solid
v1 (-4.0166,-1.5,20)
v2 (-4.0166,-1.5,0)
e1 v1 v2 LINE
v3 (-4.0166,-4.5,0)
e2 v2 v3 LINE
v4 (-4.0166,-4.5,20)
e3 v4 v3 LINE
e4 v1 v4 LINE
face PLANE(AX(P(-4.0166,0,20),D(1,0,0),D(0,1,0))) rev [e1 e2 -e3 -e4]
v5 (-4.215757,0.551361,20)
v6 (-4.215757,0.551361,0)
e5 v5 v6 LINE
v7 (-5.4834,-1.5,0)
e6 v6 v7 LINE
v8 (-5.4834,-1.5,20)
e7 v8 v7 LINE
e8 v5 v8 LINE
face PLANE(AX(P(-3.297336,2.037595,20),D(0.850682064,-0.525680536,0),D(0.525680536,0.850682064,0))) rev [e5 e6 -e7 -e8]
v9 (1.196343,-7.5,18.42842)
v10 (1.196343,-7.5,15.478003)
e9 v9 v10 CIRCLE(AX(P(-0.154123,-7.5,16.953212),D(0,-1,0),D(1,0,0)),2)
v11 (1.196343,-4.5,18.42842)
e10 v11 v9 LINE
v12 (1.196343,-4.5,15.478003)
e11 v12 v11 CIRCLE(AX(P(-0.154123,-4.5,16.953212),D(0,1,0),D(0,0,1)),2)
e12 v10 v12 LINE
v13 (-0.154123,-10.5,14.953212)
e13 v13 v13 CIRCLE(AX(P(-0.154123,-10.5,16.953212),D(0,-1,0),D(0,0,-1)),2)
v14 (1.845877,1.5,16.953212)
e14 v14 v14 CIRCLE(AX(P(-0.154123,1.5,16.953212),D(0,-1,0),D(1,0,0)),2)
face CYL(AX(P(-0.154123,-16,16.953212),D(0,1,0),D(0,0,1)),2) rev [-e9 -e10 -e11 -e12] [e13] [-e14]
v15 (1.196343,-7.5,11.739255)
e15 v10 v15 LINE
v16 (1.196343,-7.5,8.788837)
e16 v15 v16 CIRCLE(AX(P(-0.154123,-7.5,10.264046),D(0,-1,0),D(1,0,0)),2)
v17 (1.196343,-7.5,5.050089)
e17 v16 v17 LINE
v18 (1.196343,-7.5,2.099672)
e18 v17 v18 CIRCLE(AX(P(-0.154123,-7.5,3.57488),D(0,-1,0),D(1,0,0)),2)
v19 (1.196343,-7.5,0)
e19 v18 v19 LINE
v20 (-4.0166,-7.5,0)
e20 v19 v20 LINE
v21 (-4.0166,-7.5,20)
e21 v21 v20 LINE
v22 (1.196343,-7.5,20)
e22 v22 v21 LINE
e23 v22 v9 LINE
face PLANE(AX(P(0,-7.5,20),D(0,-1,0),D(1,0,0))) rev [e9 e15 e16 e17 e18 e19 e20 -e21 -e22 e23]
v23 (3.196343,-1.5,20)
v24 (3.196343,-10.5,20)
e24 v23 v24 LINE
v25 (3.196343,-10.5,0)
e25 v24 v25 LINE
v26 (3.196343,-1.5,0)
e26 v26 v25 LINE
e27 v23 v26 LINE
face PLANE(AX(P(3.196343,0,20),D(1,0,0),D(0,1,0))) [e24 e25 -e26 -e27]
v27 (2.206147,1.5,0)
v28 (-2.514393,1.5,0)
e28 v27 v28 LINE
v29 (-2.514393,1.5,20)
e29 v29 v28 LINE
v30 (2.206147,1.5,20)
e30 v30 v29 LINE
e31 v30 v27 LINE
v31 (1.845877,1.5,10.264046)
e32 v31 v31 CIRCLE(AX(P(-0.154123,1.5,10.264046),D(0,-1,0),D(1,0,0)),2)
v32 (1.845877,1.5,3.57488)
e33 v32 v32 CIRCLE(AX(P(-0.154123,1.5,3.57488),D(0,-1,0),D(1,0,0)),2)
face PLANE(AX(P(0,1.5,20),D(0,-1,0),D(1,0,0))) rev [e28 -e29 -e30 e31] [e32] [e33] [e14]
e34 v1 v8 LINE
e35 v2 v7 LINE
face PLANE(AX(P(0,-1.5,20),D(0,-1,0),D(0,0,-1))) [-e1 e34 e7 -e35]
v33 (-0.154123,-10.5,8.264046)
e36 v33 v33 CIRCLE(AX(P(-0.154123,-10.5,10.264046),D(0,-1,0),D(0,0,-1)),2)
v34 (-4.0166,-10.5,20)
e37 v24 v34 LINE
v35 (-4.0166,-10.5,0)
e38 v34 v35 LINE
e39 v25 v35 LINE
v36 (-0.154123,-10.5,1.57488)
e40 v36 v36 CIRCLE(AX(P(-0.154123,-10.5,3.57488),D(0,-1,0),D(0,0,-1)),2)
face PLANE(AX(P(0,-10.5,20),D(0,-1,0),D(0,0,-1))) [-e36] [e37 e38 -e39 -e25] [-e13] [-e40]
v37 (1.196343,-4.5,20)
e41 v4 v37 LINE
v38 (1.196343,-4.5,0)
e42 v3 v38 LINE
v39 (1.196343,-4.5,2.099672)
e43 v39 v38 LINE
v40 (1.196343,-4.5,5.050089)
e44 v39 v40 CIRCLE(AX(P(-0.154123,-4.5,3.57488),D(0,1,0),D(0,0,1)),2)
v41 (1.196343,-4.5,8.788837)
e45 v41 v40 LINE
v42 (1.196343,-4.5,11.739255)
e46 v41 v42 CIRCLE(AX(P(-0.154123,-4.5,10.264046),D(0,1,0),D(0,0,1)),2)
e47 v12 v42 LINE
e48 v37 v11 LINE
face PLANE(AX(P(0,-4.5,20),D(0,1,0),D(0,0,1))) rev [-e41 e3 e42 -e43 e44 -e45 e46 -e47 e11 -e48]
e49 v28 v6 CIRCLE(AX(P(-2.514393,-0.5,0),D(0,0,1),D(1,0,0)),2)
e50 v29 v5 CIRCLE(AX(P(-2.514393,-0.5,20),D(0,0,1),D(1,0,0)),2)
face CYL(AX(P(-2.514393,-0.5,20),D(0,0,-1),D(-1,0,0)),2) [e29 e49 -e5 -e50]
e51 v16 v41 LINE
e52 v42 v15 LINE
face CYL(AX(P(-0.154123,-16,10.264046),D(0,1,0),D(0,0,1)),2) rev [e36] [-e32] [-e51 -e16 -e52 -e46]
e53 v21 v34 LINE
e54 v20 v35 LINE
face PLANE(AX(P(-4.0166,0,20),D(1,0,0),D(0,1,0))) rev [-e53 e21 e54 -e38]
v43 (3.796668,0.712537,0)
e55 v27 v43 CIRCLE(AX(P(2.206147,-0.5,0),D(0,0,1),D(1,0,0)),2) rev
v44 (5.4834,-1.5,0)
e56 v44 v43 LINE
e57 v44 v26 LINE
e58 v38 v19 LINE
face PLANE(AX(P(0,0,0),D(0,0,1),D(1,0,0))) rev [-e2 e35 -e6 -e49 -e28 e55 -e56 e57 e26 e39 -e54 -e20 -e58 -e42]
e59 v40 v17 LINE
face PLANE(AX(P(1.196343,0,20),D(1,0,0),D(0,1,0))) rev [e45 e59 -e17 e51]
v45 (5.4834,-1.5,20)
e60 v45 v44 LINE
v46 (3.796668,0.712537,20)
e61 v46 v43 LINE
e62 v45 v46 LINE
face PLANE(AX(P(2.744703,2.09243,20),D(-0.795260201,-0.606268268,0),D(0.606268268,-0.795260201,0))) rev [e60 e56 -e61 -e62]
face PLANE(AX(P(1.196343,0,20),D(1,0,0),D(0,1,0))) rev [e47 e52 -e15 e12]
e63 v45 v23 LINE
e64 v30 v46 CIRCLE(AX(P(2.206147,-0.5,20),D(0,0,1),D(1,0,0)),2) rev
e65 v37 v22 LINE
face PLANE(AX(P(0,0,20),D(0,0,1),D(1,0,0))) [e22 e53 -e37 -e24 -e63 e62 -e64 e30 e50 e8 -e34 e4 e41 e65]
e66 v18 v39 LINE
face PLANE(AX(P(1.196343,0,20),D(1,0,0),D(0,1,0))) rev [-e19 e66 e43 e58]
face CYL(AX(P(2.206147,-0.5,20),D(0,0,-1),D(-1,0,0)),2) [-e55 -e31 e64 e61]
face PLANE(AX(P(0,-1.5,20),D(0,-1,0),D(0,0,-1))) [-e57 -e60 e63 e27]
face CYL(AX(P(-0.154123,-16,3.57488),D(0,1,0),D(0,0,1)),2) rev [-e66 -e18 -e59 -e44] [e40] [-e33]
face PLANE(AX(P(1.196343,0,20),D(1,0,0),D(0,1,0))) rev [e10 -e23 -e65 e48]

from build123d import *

# Parameters (mm, degrees)
RESSALTO_EXTRUS_O1_DEPTH   = 20
ESBO_O2_R                  = 2
CORTE_EXTRUS_O1_DEPTH      = 12
CORTE_EXTRUS_O1_DEPTH_BACK = 16


with BuildPart() as part:
    # Esboço1 → Ressalto-extrusão1 (new body)
    with BuildSketch(Plane.XY):
        with BuildLine():
            Line((3.196343382, -1.5), (3.583399622, -1.5))
            Line((3.583399622, -1.5), (5.483399622, -1.5))
            Line((5.483399622, -1.5), (3.796667791, 0.712536536))
            ThreePointArc((3.796667791, 0.712536536), (3.093538771, 1.292355025), (2.206147389, 1.5))
            Line((2.206147389, 1.5), (-2.51439317, 1.5))
            ThreePointArc((-2.51439317, 1.5), (-3.488374138, 1.24681455), (-4.215757297, 0.551361073))
            Line((-4.215757297, 0.551361073), (-5.483399622, -1.5))
            Line((-5.483399622, -1.5), (-4.016600378, -1.5))
            Line((-4.016600378, -1.5), (-4.016600378, -4.5))
            Line((-4.016600378, -4.5), (1.196343382, -4.5))
            Line((1.196343382, -4.5), (1.196343382, -7.5))
            Line((1.196343382, -7.5), (-4.016600378, -7.5))
            Line((-4.016600378, -7.5), (-4.016600378, -10.5))
            Line((-4.016600378, -10.5), (3.196343382, -10.5))
            Line((3.196343382, -10.5), (3.196343382, -7.5))
            Line((3.196343382, -7.5), (3.196343382, -4.5))
            Line((3.196343382, -4.5), (3.196343382, -1.5))
        make_face()
    extrude(amount=RESSALTO_EXTRUS_O1_DEPTH)

    # Esboço2 → Corte-extrusão1 (cut, two sides)
    with BuildSketch(Plane(origin=(0, 0, 0), x_dir=(1, 0, 0), z_dir=(0, 1, 0))) as corte_extrus_o1_sk:
        with Locations((-0.15412289, -3.574880423)):
            Circle(ESBO_O2_R)
        with Locations((-0.15412289, -10.26404601)):
            Circle(ESBO_O2_R)
        with Locations((-0.15412289, -16.953211597)):
            Circle(ESBO_O2_R)
    extrude(amount=CORTE_EXTRUS_O1_DEPTH, mode=Mode.SUBTRACT)
    extrude(corte_extrus_o1_sk.sketch, amount=-CORTE_EXTRUS_O1_DEPTH_BACK, mode=Mode.SUBTRACT)


solid = part.part
